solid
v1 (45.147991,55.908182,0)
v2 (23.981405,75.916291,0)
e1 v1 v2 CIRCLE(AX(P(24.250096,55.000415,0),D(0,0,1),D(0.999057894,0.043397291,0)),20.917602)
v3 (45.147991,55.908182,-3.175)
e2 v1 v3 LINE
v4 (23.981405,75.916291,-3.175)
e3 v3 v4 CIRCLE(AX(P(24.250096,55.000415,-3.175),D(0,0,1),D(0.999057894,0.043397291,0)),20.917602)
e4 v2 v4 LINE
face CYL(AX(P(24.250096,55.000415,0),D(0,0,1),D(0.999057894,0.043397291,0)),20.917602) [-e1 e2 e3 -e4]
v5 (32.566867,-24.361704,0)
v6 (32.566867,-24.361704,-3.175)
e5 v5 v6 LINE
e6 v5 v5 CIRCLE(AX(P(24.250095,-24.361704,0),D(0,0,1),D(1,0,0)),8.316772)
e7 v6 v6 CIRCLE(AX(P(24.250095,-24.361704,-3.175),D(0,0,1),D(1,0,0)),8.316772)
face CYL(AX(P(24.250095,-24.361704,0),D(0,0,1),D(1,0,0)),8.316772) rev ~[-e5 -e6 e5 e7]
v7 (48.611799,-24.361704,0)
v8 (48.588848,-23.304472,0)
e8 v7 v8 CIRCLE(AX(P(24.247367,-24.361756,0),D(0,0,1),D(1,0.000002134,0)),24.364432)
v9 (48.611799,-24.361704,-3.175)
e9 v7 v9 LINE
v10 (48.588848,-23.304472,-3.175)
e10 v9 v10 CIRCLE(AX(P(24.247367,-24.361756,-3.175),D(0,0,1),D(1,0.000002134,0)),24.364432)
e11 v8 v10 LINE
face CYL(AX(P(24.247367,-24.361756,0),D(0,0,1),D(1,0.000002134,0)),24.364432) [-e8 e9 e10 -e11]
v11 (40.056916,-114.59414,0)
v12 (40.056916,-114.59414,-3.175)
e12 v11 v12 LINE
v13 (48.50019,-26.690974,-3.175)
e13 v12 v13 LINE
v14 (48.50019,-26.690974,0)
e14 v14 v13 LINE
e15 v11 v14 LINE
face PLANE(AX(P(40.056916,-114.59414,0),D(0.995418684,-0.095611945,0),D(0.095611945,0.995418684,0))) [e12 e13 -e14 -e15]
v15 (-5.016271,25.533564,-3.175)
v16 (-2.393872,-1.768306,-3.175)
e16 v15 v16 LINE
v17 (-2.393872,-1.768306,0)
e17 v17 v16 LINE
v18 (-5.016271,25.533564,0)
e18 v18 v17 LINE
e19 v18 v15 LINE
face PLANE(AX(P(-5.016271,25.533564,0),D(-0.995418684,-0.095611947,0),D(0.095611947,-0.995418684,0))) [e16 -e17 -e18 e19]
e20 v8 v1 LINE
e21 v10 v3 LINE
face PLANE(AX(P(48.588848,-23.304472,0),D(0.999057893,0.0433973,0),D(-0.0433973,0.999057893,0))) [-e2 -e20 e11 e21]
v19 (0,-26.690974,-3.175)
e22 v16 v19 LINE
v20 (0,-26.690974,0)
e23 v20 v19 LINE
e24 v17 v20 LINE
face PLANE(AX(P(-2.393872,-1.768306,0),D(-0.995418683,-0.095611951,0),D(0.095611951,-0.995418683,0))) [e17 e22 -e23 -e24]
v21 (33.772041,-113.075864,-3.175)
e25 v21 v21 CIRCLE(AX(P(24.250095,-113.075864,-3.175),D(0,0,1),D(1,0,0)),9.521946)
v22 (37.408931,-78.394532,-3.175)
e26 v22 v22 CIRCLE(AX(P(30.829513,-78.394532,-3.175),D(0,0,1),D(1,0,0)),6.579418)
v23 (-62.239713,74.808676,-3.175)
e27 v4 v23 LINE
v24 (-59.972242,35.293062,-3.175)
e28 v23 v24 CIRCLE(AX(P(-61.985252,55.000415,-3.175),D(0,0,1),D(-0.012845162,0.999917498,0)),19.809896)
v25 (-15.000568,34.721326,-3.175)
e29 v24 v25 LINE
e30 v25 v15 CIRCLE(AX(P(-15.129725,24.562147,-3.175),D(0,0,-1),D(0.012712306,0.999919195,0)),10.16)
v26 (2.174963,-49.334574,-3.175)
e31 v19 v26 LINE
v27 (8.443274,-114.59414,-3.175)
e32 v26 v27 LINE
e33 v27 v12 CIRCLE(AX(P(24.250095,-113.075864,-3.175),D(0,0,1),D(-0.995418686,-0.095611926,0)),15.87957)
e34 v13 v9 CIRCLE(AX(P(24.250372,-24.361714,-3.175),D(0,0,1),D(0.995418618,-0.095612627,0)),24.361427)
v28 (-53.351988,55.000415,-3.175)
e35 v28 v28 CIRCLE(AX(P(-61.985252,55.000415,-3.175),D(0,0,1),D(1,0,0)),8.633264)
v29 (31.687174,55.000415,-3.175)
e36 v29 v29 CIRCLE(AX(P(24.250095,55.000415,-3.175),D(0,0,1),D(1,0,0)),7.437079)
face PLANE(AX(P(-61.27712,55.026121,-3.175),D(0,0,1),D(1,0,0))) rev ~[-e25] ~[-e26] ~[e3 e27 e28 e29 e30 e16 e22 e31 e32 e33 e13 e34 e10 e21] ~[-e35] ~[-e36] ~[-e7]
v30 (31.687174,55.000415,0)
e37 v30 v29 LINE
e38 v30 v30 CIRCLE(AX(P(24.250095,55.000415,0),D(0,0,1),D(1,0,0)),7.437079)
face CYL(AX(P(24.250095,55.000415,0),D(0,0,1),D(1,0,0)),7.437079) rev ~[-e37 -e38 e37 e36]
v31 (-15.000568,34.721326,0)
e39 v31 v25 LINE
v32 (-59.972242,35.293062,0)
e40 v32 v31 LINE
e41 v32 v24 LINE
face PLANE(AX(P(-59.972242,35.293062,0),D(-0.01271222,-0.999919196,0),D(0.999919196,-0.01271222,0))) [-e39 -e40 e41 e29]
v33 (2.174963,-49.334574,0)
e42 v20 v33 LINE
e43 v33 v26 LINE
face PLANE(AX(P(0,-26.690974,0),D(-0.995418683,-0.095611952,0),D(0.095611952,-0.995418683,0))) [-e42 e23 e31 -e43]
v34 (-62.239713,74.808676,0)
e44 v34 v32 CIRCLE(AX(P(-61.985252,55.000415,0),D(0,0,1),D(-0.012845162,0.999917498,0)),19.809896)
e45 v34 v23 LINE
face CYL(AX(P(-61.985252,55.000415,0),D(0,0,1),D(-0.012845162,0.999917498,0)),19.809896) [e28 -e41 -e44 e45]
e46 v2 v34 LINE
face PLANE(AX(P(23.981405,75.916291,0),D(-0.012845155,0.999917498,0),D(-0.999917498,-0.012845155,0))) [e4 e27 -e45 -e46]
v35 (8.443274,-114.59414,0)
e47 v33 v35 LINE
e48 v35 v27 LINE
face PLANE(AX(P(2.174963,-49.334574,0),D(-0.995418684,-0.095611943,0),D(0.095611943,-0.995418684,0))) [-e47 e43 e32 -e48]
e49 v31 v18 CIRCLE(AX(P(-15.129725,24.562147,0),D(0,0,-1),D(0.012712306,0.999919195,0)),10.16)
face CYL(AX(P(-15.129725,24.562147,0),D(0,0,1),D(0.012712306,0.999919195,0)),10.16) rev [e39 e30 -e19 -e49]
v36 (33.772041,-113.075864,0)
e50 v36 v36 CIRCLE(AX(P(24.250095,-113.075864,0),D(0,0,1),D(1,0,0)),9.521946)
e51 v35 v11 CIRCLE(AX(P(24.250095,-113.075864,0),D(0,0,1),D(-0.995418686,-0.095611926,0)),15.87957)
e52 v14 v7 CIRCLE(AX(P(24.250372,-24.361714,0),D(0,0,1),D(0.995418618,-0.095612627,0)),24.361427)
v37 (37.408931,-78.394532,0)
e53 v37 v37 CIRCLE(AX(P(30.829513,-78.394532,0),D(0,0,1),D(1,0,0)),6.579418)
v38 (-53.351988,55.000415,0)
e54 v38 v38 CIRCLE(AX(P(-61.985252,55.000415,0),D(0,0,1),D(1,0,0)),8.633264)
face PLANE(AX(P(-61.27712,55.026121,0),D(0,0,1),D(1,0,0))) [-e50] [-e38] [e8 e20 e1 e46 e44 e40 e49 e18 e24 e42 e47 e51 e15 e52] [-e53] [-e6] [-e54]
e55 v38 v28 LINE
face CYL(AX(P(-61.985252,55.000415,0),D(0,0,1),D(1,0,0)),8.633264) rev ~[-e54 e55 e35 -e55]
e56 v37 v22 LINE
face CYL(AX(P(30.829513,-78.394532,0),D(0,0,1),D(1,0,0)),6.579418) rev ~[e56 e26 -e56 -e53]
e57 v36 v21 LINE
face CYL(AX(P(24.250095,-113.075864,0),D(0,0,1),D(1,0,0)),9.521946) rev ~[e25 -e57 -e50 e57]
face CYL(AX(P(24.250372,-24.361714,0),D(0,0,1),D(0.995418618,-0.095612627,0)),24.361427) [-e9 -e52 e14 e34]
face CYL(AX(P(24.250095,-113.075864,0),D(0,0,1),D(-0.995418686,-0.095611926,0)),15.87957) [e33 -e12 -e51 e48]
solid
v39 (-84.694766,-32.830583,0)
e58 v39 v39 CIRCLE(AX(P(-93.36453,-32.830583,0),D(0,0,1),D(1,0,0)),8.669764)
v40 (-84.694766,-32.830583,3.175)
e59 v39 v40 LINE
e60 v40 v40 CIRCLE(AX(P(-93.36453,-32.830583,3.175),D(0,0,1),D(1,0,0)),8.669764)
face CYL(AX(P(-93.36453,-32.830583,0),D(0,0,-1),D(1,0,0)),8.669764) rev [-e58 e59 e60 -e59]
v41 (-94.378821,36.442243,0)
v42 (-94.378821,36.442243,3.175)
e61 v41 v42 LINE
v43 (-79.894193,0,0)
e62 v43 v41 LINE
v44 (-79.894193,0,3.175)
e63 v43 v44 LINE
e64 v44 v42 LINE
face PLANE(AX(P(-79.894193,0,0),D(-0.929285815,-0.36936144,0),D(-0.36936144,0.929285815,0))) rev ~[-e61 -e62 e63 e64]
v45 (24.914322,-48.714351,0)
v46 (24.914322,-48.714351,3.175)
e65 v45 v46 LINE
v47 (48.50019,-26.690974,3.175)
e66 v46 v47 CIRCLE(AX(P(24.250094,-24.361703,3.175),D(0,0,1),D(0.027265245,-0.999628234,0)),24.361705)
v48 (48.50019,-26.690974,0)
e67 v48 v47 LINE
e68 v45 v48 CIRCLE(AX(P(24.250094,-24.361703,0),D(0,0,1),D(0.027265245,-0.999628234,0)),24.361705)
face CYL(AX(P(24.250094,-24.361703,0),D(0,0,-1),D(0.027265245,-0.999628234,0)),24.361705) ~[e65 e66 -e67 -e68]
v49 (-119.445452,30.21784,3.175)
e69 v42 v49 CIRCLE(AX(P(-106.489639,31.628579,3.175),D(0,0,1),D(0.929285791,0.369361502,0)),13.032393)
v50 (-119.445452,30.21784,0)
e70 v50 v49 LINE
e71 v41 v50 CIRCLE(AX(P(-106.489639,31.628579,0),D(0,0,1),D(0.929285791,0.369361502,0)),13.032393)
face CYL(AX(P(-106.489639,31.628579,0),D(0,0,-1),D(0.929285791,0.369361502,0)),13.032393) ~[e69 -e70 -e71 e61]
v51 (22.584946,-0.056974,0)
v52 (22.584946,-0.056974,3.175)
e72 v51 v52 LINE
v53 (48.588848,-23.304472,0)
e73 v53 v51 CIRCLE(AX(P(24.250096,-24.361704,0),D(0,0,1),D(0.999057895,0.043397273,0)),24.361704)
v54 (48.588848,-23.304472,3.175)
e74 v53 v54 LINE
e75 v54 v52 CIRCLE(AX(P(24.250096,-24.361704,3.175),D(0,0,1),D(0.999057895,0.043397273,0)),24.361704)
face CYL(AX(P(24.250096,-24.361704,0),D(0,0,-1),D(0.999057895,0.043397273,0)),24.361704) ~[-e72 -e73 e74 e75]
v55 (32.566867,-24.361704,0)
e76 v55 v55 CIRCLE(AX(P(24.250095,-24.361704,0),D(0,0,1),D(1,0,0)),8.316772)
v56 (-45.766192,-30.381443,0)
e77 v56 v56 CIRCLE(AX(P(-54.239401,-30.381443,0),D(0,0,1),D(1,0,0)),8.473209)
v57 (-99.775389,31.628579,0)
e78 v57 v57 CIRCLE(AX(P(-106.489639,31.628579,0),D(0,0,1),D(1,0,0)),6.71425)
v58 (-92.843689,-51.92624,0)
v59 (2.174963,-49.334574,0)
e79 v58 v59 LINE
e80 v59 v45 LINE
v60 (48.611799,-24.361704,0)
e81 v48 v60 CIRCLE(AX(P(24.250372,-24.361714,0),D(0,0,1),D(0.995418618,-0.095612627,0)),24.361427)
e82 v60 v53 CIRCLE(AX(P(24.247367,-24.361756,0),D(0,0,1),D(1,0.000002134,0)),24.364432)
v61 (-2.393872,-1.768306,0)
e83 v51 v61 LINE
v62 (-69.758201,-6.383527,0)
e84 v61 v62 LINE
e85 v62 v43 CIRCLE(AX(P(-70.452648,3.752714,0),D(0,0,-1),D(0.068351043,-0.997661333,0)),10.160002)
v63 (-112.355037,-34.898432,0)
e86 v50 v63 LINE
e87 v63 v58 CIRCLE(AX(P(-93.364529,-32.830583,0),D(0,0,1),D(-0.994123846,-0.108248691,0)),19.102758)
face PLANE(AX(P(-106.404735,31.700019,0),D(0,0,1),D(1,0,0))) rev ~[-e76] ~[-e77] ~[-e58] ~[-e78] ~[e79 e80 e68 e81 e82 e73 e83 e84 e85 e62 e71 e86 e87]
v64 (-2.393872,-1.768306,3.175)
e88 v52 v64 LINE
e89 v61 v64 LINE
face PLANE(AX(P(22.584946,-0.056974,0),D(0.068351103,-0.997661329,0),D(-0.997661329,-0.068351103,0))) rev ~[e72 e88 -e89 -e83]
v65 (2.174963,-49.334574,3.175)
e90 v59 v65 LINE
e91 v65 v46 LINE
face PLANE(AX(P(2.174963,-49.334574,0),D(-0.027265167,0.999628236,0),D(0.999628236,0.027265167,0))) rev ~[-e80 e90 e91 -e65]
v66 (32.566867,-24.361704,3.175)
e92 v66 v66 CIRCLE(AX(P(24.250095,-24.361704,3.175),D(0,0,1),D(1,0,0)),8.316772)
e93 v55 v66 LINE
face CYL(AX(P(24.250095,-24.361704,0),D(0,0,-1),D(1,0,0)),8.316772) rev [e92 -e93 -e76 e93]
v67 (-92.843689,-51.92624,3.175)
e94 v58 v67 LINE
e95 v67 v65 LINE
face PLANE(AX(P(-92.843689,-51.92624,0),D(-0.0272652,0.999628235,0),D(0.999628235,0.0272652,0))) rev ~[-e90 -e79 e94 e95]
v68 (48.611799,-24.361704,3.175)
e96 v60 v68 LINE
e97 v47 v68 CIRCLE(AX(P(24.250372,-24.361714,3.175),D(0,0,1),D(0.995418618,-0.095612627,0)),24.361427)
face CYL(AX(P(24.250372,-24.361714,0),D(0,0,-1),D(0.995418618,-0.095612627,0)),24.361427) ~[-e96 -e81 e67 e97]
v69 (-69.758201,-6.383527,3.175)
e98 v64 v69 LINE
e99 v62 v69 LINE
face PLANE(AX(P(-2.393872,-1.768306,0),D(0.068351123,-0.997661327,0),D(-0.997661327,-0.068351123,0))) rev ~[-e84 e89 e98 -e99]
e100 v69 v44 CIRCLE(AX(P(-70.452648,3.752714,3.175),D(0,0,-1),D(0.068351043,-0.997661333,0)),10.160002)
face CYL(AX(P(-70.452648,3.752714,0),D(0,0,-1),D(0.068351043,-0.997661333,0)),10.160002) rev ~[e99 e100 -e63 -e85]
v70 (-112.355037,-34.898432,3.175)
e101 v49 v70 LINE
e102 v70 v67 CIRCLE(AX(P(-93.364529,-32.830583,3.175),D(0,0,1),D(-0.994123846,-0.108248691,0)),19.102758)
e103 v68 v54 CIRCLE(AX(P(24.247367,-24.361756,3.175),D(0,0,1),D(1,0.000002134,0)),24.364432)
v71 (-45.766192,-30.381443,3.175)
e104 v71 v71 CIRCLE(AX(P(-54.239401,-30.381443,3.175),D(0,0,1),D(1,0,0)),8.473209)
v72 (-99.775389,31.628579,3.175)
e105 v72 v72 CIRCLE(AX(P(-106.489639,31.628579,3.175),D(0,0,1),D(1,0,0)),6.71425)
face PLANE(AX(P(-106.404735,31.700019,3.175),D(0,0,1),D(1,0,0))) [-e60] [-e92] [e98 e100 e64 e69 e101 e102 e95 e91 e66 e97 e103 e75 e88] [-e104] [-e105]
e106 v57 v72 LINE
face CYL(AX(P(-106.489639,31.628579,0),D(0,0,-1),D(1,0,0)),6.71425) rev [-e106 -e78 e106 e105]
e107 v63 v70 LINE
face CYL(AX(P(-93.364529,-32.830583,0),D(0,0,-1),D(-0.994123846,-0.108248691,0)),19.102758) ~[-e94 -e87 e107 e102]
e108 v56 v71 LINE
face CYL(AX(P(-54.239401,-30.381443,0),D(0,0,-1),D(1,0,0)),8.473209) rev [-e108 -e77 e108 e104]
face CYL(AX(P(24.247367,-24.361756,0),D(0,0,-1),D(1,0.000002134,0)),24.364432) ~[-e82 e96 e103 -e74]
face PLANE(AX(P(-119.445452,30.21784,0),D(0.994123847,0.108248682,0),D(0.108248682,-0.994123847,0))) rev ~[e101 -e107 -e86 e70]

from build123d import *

# Parameters (mm, degrees)
F0_R     = 8.633264
F0_R_2   = 7.437079
F0_R_3   = 9.521946
F0_R_4   = 6.579418
F0_R_5   = 8.316772
F1_DEPTH = 3.175
F0_R_6   = 6.71425
F0_R_7   = 8.473209
F0_R_8   = 8.669764
F2_DEPTH = 3.175


with BuildPart() as f1:
    # F0 (on Top) → F1 (new body)
    with BuildSketch(Plane.XY):
        with BuildLine():
            ThreePointArc((-59.972242, 35.293062), (-47.28305, 41.723471), (-42.175356, 55.000415))
            ThreePointArc((-42.175356, 55.000415), (-48.067796, 69.097805), (-62.239713, 74.808676))
            ThreePointArc((-62.239713, 74.808676), (-81.762614, 53.865557), (-59.972242, 35.293062))
        make_face()
        with Locations((-61.985252, 55.000415)):
            Circle(F0_R, mode=Mode.SUBTRACT)
        with BuildLine():
            ThreePointArc((45.147991, 55.908182), (38.619234, 70.201531), (23.981405, 75.916291))
            ThreePointArc((23.981405, 75.916291), (9.55442, 40.114743), (45.167697, 55.000415))
            ThreePointArc((45.167697, 55.000415), (45.16277, 55.454405), (45.147991, 55.908182))
        make_face()
        with Locations((24.250095, 55.000415)):
            Circle(F0_R_2, mode=Mode.SUBTRACT)
        with BuildLine():
            ThreePointArc((8.443274, -114.59414), (24.250095, -128.955434), (40.056916, -114.59414))
            ThreePointArc((40.056916, -114.59414), (40.111468, -113.835873), (40.129666, -113.075864))
            ThreePointArc((40.129666, -113.075864), (23.490086, -97.214491), (8.443274, -114.59414))
        make_face()
        with Locations((24.250095, -113.075864)):
            Circle(F0_R_3, mode=Mode.SUBTRACT)
        with BuildLine():
            Line((22.584946, -0.056974), (-2.393872, -1.768306))
            Line((-2.393872, -1.768306), (0, -26.690974))
            ThreePointArc((0, -26.690974), (5.669394, -8.605748), (22.584946, -0.056974))
        make_face()
        with BuildLine():
            ThreePointArc((24.914322, -48.714351), (8.115332, -42.61443), (0, -26.690974))
            Line((0, -26.690974), (2.174963, -49.334574))
            Line((2.174963, -49.334574), (24.914322, -48.714351))
        make_face()
        with BuildLine():
            ThreePointArc((-62.239713, 74.808676), (-48.067796, 69.097805), (-42.175356, 55.000415))
            ThreePointArc((-42.175356, 55.000415), (-47.28305, 41.723471), (-59.972242, 35.293062))
            Line((-59.972242, 35.293062), (-15.000568, 34.721326))
            ThreePointArc((-15.000568, 34.721326), (-8.249935, 32.038382), (-5.016271, 25.533564))
            Line((-5.016271, 25.533564), (-2.393872, -1.768306))
            Line((-2.393872, -1.768306), (22.584946, -0.056974))
            ThreePointArc((22.584946, -0.056974), (40.486924, -6.19971), (48.588848, -23.304472))
            Line((48.588848, -23.304472), (45.147991, 55.908182))
            ThreePointArc((45.147991, 55.908182), (45.16277, 55.454405), (45.167697, 55.000415))
            ThreePointArc((45.167697, 55.000415), (9.55442, 40.114743), (23.981405, 75.916291))
            Line((23.981405, 75.916291), (-62.239713, 74.808676))
        make_face()
        with BuildLine():
            Line((40.056916, -114.59414), (48.50019, -26.690974))
            ThreePointArc((48.50019, -26.690974), (40.876524, -42.167727), (24.914322, -48.714351))
            Line((24.914322, -48.714351), (2.174963, -49.334574))
            Line((2.174963, -49.334574), (8.443274, -114.59414))
            ThreePointArc((8.443274, -114.59414), (23.490086, -97.214491), (40.129666, -113.075864))
            ThreePointArc((40.129666, -113.075864), (40.111468, -113.835873), (40.056916, -114.59414))
        make_face()
        with Locations((30.829513, -78.394532)):
            Circle(F0_R_4, mode=Mode.SUBTRACT)
        with BuildLine():
            ThreePointArc((48.611799, -24.361704), (48.60606, -23.832963), (48.588848, -23.304472))
            ThreePointArc((48.588848, -23.304472), (40.486924, -6.19971), (22.584946, -0.056974))
            ThreePointArc((22.584946, -0.056974), (5.669394, -8.605748), (0, -26.690974))
            ThreePointArc((0, -26.690974), (8.115332, -42.61443), (24.914322, -48.714351))
            ThreePointArc((24.914322, -48.714351), (40.876524, -42.167727), (48.50019, -26.690974))
            ThreePointArc((48.50019, -26.690974), (48.583881, -25.527675), (48.611799, -24.361704))
        make_face()
        with Locations((24.250095, -24.361704)):
            Circle(F0_R_5, mode=Mode.SUBTRACT)
    extrude(amount=-F1_DEPTH)


with BuildPart() as f2:
    # F0 (on Top) → F2 (new body)
    with BuildSketch(Plane.XY):
        with BuildLine():
            ThreePointArc((-93.457246, 31.628579), (-93.689713, 34.079123), (-94.378821, 36.442243))
            ThreePointArc((-94.378821, 36.442243), (-109.630388, 44.276858), (-119.445452, 30.21784))
            ThreePointArc((-119.445452, 30.21784), (-105.783231, 18.615345), (-93.457246, 31.628579))
        make_face()
        with Locations((-106.489639, 31.628579)):
            Circle(F0_R_6, mode=Mode.SUBTRACT)
        with BuildLine():
            Line((0, -26.690974), (-2.393872, -1.768306))
            Line((-2.393872, -1.768306), (-69.758201, -6.383527))
            ThreePointArc((-69.758201, -6.383527), (-75.867007, -4.844399), (-79.894193, 0))
            Line((-79.894193, 0), (-94.378821, 36.442243))
            ThreePointArc((-94.378821, 36.442243), (-93.689713, 34.079123), (-93.457246, 31.628579))
            ThreePointArc((-93.457246, 31.628579), (-105.783231, 18.615345), (-119.445452, 30.21784))
            Line((-119.445452, 30.21784), (-112.355037, -34.898432))
            ThreePointArc((-112.355037, -34.898432), (-94.399976, -13.755908), (-74.261771, -32.830583))
            ThreePointArc((-74.261771, -32.830583), (-79.673933, -46.152856), (-92.843689, -51.92624))
            Line((-92.843689, -51.92624), (2.174963, -49.334574))
            Line((2.174963, -49.334574), (0, -26.690974))
        make_face()
        with Locations((-54.239401, -30.381443)):
            Circle(F0_R_7, mode=Mode.SUBTRACT)
        with BuildLine():
            ThreePointArc((-112.355037, -34.898432), (-105.925131, -47.223174), (-92.843689, -51.92624))
            ThreePointArc((-92.843689, -51.92624), (-79.673933, -46.152856), (-74.261771, -32.830583))
            ThreePointArc((-74.261771, -32.830583), (-94.399976, -13.755908), (-112.355037, -34.898432))
        make_face()
        with Locations((-93.36453, -32.830583)):
            Circle(F0_R_8, mode=Mode.SUBTRACT)
        with BuildLine():
            Line((22.584946, -0.056974), (-2.393872, -1.768306))
            Line((-2.393872, -1.768306), (0, -26.690974))
            ThreePointArc((0, -26.690974), (5.669394, -8.605748), (22.584946, -0.056974))
        make_face()
        with BuildLine():
            ThreePointArc((24.914322, -48.714351), (8.115332, -42.61443), (0, -26.690974))
            Line((0, -26.690974), (2.174963, -49.334574))
            Line((2.174963, -49.334574), (24.914322, -48.714351))
        make_face()
        with BuildLine():
            ThreePointArc((48.611799, -24.361704), (48.60606, -23.832963), (48.588848, -23.304472))
            ThreePointArc((48.588848, -23.304472), (40.486924, -6.19971), (22.584946, -0.056974))
            ThreePointArc((22.584946, -0.056974), (5.669394, -8.605748), (0, -26.690974))
            ThreePointArc((0, -26.690974), (8.115332, -42.61443), (24.914322, -48.714351))
            ThreePointArc((24.914322, -48.714351), (40.876524, -42.167727), (48.50019, -26.690974))
            ThreePointArc((48.50019, -26.690974), (48.583881, -25.527675), (48.611799, -24.361704))
        make_face()
        with Locations((24.250095, -24.361704)):
            Circle(F0_R_5, mode=Mode.SUBTRACT)
    extrude(amount=F2_DEPTH)


solid = Compound([f1.part, f2.part])
